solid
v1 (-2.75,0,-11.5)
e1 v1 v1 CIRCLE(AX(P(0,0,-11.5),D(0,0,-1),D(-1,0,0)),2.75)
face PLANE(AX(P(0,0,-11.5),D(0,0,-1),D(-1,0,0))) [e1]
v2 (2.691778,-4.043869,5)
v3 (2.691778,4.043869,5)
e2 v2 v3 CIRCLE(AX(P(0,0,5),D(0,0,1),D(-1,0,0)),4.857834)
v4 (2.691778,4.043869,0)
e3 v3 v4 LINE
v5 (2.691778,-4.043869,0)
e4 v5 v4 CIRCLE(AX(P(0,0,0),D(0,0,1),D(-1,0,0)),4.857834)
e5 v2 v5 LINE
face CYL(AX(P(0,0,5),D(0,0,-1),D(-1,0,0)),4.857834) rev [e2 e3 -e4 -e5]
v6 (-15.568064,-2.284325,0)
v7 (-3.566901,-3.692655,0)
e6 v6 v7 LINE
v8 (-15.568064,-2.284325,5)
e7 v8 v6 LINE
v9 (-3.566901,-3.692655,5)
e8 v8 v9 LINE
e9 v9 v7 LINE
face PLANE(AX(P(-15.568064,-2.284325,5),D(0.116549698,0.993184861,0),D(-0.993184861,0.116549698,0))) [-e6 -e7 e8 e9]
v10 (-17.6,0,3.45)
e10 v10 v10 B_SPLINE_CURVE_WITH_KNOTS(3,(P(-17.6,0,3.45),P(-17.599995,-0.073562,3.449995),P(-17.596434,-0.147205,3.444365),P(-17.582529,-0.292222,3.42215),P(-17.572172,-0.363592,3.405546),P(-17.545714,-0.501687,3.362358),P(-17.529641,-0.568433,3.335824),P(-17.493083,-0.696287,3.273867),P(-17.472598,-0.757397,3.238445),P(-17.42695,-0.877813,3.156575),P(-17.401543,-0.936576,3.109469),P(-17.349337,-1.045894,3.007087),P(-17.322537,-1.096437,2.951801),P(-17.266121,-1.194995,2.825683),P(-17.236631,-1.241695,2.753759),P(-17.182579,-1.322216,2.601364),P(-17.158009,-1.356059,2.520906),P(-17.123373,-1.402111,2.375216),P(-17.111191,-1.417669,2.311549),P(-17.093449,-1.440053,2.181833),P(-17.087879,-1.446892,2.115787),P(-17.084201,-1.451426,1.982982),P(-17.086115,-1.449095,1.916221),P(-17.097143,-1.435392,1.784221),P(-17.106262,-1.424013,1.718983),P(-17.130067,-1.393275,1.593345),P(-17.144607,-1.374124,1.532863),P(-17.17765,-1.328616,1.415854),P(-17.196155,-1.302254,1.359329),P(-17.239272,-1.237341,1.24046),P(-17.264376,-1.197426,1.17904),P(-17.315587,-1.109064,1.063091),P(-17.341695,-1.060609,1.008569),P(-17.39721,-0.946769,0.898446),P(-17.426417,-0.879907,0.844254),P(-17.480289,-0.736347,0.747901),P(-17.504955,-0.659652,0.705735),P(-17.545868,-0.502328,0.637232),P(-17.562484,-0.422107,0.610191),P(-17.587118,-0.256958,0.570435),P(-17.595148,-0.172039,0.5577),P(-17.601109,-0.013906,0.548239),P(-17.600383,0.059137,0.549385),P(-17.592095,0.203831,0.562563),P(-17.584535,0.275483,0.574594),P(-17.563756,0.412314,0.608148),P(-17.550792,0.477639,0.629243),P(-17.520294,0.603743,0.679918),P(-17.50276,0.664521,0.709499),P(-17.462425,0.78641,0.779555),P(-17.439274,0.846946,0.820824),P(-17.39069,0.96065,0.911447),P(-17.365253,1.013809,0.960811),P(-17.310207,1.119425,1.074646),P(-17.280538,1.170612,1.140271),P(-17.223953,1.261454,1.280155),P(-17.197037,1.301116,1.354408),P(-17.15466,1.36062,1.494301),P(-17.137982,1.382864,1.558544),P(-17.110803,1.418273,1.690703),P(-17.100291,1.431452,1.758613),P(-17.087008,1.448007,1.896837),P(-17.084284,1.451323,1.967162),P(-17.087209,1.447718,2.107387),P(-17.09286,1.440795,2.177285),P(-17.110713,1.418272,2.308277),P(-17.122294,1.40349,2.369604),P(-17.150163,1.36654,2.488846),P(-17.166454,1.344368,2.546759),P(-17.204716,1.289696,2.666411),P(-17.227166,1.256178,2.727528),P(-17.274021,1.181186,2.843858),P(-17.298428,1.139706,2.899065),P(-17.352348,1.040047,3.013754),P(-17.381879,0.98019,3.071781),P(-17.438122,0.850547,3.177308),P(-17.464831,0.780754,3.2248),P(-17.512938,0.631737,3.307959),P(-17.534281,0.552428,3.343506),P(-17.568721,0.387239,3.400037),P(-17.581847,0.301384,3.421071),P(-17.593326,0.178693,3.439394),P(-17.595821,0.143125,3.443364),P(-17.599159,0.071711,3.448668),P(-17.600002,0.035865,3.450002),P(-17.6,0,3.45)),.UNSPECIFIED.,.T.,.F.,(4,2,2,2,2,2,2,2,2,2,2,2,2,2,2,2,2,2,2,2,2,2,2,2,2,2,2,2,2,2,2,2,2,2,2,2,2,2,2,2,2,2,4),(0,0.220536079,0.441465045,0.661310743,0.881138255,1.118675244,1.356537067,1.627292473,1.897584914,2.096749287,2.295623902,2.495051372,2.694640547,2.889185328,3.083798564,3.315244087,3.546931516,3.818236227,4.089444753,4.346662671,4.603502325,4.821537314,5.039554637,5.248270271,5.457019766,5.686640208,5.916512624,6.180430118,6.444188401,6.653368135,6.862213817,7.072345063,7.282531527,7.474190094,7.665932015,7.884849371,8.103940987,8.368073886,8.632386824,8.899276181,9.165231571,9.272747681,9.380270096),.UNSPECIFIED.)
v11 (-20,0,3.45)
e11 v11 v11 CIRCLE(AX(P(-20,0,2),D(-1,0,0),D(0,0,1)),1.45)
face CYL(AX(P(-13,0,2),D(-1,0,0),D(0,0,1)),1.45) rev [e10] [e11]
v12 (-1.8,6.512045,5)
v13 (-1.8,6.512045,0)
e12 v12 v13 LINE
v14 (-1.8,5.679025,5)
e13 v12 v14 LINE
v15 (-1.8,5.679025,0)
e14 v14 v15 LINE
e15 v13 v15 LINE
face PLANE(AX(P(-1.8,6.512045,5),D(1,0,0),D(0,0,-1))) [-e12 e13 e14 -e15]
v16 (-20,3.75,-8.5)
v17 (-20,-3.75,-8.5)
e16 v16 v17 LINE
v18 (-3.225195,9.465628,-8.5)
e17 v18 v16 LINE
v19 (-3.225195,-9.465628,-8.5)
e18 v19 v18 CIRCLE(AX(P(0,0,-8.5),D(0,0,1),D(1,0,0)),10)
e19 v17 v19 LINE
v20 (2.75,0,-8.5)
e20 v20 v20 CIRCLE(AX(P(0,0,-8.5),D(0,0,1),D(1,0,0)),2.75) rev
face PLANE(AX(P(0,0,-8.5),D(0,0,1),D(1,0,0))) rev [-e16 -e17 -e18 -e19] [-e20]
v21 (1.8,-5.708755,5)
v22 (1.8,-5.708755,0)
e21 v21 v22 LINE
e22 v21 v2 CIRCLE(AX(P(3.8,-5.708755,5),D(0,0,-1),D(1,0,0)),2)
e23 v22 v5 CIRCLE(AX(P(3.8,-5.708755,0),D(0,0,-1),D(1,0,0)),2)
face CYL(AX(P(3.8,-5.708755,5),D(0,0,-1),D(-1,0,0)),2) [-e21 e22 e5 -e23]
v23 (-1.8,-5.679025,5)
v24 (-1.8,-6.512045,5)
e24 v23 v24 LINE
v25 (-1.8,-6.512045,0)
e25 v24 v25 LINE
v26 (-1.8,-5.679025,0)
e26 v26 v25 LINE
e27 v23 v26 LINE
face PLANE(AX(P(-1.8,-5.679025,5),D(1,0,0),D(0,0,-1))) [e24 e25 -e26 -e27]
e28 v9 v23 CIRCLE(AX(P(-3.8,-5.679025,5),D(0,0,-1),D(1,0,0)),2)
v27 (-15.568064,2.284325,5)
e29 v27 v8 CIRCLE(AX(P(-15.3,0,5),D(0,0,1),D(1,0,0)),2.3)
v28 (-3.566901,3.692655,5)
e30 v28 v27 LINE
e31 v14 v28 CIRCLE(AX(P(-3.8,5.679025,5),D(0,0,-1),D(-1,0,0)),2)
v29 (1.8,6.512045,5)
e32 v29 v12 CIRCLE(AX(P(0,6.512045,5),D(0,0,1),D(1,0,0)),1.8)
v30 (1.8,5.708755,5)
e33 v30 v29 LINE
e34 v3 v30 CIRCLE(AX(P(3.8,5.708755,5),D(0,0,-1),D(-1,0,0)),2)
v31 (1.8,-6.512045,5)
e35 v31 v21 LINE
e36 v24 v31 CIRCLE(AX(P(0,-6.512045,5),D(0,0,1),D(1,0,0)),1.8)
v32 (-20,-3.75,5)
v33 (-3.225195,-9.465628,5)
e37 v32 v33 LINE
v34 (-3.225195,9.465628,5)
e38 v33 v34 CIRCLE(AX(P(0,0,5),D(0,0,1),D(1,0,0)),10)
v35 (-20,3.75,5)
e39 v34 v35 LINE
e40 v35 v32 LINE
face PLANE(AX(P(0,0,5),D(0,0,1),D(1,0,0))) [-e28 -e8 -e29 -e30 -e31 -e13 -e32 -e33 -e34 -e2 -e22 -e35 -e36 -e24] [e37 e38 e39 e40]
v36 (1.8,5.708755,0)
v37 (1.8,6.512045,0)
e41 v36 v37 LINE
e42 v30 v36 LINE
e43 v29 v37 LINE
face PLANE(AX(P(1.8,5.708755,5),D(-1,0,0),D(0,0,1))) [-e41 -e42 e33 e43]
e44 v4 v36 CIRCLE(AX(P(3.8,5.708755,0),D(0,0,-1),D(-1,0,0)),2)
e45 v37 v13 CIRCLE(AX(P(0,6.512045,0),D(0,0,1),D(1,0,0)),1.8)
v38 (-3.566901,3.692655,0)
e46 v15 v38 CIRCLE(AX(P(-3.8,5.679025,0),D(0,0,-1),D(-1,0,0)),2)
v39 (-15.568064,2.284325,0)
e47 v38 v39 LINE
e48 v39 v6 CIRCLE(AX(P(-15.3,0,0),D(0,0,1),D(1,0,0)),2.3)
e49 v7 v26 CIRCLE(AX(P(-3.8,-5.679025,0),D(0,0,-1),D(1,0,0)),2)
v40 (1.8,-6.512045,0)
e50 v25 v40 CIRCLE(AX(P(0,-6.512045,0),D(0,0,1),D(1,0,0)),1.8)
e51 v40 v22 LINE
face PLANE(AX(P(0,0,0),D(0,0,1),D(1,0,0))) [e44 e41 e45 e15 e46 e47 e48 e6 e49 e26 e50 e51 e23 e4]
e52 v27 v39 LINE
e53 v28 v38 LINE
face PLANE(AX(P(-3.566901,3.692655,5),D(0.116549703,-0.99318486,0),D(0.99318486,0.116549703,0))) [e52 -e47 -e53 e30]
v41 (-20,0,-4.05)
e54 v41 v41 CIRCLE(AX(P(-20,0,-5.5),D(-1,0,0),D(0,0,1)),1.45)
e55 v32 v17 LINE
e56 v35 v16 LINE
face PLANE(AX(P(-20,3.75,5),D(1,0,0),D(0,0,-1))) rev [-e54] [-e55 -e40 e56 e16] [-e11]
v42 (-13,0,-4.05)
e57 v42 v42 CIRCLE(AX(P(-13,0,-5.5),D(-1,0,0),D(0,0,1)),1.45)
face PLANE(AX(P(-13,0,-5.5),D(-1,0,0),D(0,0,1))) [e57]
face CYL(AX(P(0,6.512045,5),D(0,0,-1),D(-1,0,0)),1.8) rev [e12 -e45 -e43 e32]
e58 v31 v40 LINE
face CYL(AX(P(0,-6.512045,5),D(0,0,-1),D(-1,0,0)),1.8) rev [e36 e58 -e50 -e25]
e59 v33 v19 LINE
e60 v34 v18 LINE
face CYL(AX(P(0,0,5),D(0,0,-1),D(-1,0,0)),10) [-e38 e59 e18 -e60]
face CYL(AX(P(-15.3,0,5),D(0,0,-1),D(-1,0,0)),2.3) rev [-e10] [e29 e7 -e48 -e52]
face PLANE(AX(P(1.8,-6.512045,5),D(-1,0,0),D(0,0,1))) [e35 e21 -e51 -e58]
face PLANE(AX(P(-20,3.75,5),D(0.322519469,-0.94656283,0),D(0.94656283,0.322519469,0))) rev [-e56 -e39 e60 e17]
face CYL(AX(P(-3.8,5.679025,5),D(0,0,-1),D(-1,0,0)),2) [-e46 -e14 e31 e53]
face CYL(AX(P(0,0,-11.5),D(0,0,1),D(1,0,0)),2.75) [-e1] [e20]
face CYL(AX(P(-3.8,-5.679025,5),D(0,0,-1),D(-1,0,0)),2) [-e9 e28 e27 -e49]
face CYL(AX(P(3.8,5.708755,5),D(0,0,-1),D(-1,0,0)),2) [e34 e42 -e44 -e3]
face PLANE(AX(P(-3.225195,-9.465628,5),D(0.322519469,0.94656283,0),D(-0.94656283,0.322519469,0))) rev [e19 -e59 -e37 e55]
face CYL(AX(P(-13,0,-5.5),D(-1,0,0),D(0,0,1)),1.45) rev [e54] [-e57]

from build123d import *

# Parameters (mm, degrees)
EXTRUDE_1_DEPTH     = 5
EXTRUDE_START       = -13.5
EXTRUDE_2_DEPTH     = 8.5
SKETCH_3_R          = 2.75
EXTRUDE_3_DEPTH     = 3
SKETCH_4_R          = 1.45
CUT_EXTRUDE_1_DEPTH = 7


with BuildPart() as part:
    # Эскиз1 → Бобышка-Вытянуть1 (new body)
    with BuildSketch(Plane.XY):
        with BuildLine():
            Line((-20, 3.75), (-20, -3.75))
            Line((-20, -3.75), (-3.225194693, -9.465628304))
            ThreePointArc((-3.225194693, -9.465628304), (10, 0), (-3.225194693, 9.465628304))
            Line((-3.225194693, 9.465628304), (-20, 3.75))
        make_face()
        with BuildLine():
            Line((1.8, 5.708755266), (1.8, 6.512045083))
            ThreePointArc((1.8, 6.512045083), (3.1e-08, 8.312045083), (-1.8, 6.512045145))
            Line((-1.8, 6.512045145), (-1.8, 5.679024933))
            ThreePointArc((-1.8, 5.679024933), (-2.30564415, 4.349776802), (-3.566900594, 3.692655212))
            Line((-3.566900594, 3.692655212), (-15.568064288, 2.284325182))
            ThreePointArc((-15.568064288, 2.284325182), (-17.6, 9e-09), (-15.568064305, -2.28432518))
            Line((-15.568064305, -2.28432518), (-3.566900604, -3.692655149))
            ThreePointArc((-3.566900604, -3.692655149), (-2.305644154, -4.349776736), (-1.8, -5.679024871))
            Line((-1.8, -5.679024871), (-1.8, -6.512045083))
            ThreePointArc((-1.8, -6.512045083), (0, -8.312045083), (1.8, -6.512045083))
            Line((1.8, -6.512045083), (1.8, -5.708755266))
            ThreePointArc((1.8, -5.708755266), (2.036985071, -4.764415094), (2.691778361, -4.043869445))
            ThreePointArc((2.691778361, -4.043869445), (4.857833965, 0), (2.691778361, 4.043869445))
            ThreePointArc((2.691778361, 4.043869445), (2.036985071, 4.764415094), (1.8, 5.708755266))
        make_face(mode=Mode.SUBTRACT)
    extrude(amount=EXTRUDE_1_DEPTH)

    # Эскиз2 → Бобышка-Вытянуть2 (add)
    with BuildSketch(Plane.XY.offset(5).offset(EXTRUDE_START)):
        with BuildLine():
            Line((-3.225194693, 9.465628304), (-20, 3.75))
            Line((-20, 3.75), (-20, -3.75))
            Line((-20, -3.75), (-3.225194693, -9.465628304))
            ThreePointArc((-3.225194693, -9.465628304), (10, 0), (-3.225194693, 9.465628304))
        make_face()
    extrude(amount=EXTRUDE_2_DEPTH)

    # Эскиз3 → Бобышка-Вытянуть3 (add)
    with BuildSketch(Plane(origin=(0, 0, -8.5), x_dir=(-1, 0, 0), z_dir=(0, 0, -1))):
        with Locations(Location((0, 0, 0), (0, 0, 180))):
            Circle(SKETCH_3_R)
    extrude(amount=EXTRUDE_3_DEPTH)

    # Эскиз4 → Вырез-Вытянуть1 (cut)
    with BuildSketch(Plane.ZY.offset(20)):
        with Locations((-5.5, 0)):
            Circle(SKETCH_4_R)
        with Locations((2, 0)):
            Circle(SKETCH_4_R)
    extrude(amount=-CUT_EXTRUDE_1_DEPTH, mode=Mode.SUBTRACT)


solid = part.part
